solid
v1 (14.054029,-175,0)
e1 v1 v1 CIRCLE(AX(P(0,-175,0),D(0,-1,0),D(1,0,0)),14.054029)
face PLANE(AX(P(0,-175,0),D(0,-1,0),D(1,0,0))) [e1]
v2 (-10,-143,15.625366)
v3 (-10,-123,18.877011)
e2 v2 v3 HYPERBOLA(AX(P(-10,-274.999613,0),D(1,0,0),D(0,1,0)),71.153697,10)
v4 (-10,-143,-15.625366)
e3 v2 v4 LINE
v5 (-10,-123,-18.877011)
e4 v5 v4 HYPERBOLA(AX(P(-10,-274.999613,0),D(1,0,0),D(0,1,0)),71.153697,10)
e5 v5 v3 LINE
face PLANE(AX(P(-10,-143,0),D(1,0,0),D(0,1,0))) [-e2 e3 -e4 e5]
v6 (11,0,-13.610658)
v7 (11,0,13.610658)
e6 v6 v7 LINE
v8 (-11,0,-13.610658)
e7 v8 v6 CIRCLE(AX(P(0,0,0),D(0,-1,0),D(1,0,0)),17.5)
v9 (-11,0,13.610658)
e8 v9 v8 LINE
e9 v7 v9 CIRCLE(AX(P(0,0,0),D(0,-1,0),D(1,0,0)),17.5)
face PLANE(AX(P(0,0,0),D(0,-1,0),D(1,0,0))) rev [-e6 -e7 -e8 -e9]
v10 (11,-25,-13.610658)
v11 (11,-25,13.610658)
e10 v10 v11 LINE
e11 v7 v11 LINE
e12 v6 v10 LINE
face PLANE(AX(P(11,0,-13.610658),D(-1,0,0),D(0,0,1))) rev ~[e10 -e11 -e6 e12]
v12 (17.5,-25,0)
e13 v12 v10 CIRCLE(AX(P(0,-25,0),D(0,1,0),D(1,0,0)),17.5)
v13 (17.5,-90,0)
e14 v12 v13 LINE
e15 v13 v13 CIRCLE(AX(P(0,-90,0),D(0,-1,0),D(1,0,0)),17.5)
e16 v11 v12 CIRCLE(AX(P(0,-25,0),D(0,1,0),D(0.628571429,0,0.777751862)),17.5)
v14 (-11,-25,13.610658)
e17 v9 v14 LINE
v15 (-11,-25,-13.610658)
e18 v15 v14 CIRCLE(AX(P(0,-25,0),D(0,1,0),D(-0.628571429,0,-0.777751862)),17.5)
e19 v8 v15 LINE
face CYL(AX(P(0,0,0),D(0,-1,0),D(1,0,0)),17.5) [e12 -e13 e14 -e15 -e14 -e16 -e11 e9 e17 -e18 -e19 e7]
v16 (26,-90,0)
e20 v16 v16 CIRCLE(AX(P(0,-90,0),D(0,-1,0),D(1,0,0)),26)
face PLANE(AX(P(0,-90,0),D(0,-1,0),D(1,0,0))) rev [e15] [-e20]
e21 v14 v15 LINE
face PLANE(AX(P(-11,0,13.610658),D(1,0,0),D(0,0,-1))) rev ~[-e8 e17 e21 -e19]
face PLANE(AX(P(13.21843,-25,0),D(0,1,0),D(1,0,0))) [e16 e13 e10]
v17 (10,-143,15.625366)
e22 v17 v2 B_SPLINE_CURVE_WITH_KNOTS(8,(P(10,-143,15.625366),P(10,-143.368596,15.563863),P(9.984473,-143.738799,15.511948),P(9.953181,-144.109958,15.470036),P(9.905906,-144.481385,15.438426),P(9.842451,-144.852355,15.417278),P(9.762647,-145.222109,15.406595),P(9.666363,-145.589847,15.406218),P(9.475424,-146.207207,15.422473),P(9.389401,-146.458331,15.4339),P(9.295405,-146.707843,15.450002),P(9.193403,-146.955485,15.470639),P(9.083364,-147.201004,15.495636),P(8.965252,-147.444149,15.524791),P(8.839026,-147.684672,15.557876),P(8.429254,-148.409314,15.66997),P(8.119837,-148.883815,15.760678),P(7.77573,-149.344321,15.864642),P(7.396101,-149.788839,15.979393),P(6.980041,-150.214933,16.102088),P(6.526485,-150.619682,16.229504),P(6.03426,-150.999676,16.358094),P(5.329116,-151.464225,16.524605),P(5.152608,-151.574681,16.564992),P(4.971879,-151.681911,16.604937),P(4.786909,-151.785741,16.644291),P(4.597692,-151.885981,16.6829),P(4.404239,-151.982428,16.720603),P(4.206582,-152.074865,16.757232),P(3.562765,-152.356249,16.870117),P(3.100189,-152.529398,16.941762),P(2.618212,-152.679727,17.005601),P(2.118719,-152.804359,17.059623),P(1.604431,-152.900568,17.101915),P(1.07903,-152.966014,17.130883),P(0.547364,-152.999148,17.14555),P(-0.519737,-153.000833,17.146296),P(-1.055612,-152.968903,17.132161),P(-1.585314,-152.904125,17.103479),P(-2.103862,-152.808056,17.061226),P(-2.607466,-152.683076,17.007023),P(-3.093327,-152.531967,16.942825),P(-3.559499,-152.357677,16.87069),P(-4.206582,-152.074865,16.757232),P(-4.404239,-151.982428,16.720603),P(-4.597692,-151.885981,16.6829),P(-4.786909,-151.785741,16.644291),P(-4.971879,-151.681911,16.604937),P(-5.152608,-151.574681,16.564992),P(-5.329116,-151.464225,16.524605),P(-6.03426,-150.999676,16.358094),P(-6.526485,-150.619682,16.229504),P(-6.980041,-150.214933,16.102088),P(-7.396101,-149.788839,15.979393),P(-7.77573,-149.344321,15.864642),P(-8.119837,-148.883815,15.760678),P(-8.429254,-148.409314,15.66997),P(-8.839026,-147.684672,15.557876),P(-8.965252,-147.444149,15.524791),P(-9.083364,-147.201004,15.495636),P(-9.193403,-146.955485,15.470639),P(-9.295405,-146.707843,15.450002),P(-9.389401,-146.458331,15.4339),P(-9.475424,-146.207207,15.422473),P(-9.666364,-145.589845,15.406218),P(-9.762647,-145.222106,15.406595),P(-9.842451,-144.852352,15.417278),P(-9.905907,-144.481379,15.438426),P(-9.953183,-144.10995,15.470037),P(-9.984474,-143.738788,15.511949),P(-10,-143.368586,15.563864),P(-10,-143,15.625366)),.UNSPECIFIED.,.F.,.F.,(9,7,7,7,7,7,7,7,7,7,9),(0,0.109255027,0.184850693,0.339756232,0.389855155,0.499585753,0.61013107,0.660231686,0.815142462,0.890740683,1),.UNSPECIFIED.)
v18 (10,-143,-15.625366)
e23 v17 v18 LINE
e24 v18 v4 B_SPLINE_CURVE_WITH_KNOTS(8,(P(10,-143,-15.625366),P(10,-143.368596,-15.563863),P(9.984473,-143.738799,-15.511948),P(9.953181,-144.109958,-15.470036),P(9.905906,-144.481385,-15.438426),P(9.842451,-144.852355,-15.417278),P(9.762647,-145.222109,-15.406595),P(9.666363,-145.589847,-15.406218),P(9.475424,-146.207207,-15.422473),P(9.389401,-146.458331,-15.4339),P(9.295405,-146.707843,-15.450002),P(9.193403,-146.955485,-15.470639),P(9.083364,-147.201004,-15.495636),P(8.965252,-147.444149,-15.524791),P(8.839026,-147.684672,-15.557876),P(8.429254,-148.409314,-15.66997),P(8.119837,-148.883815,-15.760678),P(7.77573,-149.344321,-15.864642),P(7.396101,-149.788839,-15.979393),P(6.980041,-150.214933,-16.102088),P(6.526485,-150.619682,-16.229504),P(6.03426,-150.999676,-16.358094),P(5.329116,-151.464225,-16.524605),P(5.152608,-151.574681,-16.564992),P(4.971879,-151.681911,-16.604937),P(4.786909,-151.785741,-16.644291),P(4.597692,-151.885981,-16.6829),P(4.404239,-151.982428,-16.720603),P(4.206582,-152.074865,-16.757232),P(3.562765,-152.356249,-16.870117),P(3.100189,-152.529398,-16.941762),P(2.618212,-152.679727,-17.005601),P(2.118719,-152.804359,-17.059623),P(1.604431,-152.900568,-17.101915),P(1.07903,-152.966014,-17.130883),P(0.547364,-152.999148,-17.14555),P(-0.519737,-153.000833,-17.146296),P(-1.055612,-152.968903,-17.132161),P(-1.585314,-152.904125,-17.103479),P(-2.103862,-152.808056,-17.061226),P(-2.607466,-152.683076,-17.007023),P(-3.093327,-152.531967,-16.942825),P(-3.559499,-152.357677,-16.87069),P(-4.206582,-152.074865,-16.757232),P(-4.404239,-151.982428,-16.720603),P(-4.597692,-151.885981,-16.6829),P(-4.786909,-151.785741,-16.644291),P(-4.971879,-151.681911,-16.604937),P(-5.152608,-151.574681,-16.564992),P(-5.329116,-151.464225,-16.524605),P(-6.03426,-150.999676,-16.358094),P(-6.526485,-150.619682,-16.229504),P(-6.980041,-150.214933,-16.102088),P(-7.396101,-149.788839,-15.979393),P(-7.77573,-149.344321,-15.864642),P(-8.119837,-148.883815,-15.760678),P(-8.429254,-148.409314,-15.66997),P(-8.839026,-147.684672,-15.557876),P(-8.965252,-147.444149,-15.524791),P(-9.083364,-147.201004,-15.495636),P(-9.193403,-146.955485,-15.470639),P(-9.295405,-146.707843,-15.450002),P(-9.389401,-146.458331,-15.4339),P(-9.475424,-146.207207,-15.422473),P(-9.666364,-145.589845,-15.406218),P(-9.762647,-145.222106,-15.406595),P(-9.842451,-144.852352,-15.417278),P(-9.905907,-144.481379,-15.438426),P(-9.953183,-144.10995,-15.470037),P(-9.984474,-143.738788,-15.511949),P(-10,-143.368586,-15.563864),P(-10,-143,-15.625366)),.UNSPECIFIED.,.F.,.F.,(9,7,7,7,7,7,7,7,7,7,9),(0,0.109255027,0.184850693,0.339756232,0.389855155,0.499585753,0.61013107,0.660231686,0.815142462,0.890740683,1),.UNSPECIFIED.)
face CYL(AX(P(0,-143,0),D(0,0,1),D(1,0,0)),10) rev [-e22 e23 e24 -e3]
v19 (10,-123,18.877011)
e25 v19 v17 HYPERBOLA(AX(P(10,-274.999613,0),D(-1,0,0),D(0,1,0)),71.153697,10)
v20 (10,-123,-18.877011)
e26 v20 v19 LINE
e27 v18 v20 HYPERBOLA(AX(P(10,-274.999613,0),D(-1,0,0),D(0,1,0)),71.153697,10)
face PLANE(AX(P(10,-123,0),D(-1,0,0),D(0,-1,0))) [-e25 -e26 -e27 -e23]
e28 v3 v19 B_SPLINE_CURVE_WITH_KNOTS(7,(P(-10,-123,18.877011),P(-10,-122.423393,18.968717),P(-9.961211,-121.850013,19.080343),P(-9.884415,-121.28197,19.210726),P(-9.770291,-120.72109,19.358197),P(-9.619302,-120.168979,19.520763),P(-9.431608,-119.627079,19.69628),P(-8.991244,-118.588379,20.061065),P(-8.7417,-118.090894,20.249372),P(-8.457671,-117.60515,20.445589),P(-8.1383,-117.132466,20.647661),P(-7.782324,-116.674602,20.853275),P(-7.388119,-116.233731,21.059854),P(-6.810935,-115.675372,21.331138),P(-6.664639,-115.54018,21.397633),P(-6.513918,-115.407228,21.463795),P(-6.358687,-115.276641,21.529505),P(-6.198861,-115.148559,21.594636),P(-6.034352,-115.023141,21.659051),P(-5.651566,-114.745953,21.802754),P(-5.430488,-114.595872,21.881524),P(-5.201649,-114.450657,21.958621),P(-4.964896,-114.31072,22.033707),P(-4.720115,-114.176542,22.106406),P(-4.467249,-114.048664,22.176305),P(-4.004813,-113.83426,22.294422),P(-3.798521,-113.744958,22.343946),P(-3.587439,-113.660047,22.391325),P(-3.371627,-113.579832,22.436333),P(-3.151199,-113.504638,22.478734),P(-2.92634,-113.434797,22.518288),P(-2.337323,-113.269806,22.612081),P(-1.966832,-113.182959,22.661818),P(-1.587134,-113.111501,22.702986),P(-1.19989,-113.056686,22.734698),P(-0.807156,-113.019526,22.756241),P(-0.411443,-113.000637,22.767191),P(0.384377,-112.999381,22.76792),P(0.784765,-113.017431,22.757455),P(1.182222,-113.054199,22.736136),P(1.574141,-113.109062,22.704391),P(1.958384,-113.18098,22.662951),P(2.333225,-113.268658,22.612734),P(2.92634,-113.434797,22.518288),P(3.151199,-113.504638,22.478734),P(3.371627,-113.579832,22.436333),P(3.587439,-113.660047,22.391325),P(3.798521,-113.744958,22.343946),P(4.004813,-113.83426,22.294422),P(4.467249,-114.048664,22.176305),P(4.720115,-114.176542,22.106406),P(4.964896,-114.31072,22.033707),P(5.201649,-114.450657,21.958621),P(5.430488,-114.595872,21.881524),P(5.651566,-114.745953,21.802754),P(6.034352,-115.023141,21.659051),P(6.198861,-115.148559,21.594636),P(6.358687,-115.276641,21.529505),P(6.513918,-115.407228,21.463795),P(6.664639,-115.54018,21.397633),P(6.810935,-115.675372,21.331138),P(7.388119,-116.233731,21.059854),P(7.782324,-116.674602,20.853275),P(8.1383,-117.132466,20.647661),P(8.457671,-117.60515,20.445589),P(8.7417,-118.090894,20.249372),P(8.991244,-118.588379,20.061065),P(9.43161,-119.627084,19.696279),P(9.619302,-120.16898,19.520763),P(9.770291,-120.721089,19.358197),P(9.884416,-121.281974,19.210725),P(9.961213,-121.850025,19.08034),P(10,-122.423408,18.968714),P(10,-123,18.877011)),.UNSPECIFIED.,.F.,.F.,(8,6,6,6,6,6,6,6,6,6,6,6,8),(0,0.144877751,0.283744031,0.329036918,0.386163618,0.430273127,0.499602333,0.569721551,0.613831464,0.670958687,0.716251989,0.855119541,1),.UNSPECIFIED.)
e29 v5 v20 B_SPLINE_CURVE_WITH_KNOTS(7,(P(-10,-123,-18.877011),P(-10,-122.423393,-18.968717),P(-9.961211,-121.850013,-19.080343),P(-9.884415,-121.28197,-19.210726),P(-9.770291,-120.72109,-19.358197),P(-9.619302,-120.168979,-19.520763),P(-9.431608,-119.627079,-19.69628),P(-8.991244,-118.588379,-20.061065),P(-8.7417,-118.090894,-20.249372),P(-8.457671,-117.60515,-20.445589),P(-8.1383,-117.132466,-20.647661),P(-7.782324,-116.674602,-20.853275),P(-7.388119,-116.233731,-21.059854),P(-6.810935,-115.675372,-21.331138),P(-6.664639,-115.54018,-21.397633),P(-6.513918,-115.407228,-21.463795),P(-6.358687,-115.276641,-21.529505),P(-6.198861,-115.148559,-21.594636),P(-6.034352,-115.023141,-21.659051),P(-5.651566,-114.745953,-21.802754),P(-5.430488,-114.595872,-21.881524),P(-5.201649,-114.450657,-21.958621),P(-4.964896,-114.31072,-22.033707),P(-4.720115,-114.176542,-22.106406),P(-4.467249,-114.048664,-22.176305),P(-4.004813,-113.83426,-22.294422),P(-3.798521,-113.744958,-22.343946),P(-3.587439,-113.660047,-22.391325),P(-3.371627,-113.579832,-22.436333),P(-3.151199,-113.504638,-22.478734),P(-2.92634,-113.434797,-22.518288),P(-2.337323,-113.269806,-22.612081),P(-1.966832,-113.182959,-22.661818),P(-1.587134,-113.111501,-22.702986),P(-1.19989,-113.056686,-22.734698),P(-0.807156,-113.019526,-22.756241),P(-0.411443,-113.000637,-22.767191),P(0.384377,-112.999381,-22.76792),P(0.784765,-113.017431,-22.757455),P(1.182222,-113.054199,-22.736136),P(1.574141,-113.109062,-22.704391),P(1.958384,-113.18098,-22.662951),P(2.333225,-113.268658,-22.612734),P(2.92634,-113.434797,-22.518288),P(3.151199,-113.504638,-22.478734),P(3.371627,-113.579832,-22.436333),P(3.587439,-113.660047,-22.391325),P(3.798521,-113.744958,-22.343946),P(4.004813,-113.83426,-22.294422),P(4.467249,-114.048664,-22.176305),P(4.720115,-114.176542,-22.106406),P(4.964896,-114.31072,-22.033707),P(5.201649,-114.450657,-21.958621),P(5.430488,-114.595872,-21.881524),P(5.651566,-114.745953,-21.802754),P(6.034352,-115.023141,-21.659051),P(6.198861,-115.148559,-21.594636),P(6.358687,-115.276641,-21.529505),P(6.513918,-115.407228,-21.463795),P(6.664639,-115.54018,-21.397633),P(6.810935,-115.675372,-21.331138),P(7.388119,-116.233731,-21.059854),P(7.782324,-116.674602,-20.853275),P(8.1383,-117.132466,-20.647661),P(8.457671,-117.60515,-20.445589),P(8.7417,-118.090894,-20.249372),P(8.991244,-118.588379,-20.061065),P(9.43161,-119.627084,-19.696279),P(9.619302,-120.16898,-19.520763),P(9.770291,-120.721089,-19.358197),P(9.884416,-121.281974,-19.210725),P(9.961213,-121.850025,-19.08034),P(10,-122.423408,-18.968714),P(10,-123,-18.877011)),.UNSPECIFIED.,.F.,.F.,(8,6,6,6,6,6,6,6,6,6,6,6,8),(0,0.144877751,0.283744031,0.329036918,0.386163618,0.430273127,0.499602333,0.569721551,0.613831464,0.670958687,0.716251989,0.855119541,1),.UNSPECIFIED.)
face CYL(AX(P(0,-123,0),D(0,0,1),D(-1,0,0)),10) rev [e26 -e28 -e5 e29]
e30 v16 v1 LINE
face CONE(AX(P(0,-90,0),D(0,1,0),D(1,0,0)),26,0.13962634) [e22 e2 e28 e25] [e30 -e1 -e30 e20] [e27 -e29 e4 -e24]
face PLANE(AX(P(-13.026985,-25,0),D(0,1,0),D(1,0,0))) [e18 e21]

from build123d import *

# Parameters (mm, degrees)
CUT_EXTRUDE_1_DEPTH = 25
CUT_EXTRUDE_2_DEPTH = 25


with BuildPart() as part:
    # Эскиз1 → Повернуть1 (revolve)
    with BuildSketch(Plane.XY):
        Polygon((0, 0), (17.5, 0), (17.5, -90), (26, -90), (14.05402905, -175), (0, -175), align=None)
    revolve(axis=Axis((0, 0, 0), (0, -1, 0)))

    # Эскиз2 → Вырез-Вытянуть1 (cut, symmetric)
    with BuildSketch(Plane.XY):
        with BuildLine():
            Line((10, -123), (10, -143))
            ThreePointArc((10, -143), (0, -153), (-10, -143))
            Line((-10, -143), (-10, -123))
            ThreePointArc((-10, -123), (0, -113), (10, -123))
        make_face()
    extrude(amount=CUT_EXTRUDE_1_DEPTH, both=True, mode=Mode.SUBTRACT)

    # Эскиз3 → Вырез-Вытянуть2 (cut)
    with BuildSketch(Plane(origin=(0, 0, 0), x_dir=(1, 0, 0), z_dir=(0, 1, 0))):
        with BuildLine():
            Line((-11, -13.610657589), (-11, 13.610657589))
            ThreePointArc((-11, 13.610657589), (-17.5, 0), (-11, -13.610657589))
        make_face()
        with BuildLine():
            ThreePointArc((17.5, 0), (15.791611697, 7.541551564), (11, 13.610657589))
            Line((11, 13.610657589), (11, -13.610657589))
            ThreePointArc((11, -13.610657589), (15.791611697, -7.541551564), (17.5, 0))
        make_face()
    extrude(amount=-CUT_EXTRUDE_2_DEPTH, mode=Mode.SUBTRACT)


solid = part.part
